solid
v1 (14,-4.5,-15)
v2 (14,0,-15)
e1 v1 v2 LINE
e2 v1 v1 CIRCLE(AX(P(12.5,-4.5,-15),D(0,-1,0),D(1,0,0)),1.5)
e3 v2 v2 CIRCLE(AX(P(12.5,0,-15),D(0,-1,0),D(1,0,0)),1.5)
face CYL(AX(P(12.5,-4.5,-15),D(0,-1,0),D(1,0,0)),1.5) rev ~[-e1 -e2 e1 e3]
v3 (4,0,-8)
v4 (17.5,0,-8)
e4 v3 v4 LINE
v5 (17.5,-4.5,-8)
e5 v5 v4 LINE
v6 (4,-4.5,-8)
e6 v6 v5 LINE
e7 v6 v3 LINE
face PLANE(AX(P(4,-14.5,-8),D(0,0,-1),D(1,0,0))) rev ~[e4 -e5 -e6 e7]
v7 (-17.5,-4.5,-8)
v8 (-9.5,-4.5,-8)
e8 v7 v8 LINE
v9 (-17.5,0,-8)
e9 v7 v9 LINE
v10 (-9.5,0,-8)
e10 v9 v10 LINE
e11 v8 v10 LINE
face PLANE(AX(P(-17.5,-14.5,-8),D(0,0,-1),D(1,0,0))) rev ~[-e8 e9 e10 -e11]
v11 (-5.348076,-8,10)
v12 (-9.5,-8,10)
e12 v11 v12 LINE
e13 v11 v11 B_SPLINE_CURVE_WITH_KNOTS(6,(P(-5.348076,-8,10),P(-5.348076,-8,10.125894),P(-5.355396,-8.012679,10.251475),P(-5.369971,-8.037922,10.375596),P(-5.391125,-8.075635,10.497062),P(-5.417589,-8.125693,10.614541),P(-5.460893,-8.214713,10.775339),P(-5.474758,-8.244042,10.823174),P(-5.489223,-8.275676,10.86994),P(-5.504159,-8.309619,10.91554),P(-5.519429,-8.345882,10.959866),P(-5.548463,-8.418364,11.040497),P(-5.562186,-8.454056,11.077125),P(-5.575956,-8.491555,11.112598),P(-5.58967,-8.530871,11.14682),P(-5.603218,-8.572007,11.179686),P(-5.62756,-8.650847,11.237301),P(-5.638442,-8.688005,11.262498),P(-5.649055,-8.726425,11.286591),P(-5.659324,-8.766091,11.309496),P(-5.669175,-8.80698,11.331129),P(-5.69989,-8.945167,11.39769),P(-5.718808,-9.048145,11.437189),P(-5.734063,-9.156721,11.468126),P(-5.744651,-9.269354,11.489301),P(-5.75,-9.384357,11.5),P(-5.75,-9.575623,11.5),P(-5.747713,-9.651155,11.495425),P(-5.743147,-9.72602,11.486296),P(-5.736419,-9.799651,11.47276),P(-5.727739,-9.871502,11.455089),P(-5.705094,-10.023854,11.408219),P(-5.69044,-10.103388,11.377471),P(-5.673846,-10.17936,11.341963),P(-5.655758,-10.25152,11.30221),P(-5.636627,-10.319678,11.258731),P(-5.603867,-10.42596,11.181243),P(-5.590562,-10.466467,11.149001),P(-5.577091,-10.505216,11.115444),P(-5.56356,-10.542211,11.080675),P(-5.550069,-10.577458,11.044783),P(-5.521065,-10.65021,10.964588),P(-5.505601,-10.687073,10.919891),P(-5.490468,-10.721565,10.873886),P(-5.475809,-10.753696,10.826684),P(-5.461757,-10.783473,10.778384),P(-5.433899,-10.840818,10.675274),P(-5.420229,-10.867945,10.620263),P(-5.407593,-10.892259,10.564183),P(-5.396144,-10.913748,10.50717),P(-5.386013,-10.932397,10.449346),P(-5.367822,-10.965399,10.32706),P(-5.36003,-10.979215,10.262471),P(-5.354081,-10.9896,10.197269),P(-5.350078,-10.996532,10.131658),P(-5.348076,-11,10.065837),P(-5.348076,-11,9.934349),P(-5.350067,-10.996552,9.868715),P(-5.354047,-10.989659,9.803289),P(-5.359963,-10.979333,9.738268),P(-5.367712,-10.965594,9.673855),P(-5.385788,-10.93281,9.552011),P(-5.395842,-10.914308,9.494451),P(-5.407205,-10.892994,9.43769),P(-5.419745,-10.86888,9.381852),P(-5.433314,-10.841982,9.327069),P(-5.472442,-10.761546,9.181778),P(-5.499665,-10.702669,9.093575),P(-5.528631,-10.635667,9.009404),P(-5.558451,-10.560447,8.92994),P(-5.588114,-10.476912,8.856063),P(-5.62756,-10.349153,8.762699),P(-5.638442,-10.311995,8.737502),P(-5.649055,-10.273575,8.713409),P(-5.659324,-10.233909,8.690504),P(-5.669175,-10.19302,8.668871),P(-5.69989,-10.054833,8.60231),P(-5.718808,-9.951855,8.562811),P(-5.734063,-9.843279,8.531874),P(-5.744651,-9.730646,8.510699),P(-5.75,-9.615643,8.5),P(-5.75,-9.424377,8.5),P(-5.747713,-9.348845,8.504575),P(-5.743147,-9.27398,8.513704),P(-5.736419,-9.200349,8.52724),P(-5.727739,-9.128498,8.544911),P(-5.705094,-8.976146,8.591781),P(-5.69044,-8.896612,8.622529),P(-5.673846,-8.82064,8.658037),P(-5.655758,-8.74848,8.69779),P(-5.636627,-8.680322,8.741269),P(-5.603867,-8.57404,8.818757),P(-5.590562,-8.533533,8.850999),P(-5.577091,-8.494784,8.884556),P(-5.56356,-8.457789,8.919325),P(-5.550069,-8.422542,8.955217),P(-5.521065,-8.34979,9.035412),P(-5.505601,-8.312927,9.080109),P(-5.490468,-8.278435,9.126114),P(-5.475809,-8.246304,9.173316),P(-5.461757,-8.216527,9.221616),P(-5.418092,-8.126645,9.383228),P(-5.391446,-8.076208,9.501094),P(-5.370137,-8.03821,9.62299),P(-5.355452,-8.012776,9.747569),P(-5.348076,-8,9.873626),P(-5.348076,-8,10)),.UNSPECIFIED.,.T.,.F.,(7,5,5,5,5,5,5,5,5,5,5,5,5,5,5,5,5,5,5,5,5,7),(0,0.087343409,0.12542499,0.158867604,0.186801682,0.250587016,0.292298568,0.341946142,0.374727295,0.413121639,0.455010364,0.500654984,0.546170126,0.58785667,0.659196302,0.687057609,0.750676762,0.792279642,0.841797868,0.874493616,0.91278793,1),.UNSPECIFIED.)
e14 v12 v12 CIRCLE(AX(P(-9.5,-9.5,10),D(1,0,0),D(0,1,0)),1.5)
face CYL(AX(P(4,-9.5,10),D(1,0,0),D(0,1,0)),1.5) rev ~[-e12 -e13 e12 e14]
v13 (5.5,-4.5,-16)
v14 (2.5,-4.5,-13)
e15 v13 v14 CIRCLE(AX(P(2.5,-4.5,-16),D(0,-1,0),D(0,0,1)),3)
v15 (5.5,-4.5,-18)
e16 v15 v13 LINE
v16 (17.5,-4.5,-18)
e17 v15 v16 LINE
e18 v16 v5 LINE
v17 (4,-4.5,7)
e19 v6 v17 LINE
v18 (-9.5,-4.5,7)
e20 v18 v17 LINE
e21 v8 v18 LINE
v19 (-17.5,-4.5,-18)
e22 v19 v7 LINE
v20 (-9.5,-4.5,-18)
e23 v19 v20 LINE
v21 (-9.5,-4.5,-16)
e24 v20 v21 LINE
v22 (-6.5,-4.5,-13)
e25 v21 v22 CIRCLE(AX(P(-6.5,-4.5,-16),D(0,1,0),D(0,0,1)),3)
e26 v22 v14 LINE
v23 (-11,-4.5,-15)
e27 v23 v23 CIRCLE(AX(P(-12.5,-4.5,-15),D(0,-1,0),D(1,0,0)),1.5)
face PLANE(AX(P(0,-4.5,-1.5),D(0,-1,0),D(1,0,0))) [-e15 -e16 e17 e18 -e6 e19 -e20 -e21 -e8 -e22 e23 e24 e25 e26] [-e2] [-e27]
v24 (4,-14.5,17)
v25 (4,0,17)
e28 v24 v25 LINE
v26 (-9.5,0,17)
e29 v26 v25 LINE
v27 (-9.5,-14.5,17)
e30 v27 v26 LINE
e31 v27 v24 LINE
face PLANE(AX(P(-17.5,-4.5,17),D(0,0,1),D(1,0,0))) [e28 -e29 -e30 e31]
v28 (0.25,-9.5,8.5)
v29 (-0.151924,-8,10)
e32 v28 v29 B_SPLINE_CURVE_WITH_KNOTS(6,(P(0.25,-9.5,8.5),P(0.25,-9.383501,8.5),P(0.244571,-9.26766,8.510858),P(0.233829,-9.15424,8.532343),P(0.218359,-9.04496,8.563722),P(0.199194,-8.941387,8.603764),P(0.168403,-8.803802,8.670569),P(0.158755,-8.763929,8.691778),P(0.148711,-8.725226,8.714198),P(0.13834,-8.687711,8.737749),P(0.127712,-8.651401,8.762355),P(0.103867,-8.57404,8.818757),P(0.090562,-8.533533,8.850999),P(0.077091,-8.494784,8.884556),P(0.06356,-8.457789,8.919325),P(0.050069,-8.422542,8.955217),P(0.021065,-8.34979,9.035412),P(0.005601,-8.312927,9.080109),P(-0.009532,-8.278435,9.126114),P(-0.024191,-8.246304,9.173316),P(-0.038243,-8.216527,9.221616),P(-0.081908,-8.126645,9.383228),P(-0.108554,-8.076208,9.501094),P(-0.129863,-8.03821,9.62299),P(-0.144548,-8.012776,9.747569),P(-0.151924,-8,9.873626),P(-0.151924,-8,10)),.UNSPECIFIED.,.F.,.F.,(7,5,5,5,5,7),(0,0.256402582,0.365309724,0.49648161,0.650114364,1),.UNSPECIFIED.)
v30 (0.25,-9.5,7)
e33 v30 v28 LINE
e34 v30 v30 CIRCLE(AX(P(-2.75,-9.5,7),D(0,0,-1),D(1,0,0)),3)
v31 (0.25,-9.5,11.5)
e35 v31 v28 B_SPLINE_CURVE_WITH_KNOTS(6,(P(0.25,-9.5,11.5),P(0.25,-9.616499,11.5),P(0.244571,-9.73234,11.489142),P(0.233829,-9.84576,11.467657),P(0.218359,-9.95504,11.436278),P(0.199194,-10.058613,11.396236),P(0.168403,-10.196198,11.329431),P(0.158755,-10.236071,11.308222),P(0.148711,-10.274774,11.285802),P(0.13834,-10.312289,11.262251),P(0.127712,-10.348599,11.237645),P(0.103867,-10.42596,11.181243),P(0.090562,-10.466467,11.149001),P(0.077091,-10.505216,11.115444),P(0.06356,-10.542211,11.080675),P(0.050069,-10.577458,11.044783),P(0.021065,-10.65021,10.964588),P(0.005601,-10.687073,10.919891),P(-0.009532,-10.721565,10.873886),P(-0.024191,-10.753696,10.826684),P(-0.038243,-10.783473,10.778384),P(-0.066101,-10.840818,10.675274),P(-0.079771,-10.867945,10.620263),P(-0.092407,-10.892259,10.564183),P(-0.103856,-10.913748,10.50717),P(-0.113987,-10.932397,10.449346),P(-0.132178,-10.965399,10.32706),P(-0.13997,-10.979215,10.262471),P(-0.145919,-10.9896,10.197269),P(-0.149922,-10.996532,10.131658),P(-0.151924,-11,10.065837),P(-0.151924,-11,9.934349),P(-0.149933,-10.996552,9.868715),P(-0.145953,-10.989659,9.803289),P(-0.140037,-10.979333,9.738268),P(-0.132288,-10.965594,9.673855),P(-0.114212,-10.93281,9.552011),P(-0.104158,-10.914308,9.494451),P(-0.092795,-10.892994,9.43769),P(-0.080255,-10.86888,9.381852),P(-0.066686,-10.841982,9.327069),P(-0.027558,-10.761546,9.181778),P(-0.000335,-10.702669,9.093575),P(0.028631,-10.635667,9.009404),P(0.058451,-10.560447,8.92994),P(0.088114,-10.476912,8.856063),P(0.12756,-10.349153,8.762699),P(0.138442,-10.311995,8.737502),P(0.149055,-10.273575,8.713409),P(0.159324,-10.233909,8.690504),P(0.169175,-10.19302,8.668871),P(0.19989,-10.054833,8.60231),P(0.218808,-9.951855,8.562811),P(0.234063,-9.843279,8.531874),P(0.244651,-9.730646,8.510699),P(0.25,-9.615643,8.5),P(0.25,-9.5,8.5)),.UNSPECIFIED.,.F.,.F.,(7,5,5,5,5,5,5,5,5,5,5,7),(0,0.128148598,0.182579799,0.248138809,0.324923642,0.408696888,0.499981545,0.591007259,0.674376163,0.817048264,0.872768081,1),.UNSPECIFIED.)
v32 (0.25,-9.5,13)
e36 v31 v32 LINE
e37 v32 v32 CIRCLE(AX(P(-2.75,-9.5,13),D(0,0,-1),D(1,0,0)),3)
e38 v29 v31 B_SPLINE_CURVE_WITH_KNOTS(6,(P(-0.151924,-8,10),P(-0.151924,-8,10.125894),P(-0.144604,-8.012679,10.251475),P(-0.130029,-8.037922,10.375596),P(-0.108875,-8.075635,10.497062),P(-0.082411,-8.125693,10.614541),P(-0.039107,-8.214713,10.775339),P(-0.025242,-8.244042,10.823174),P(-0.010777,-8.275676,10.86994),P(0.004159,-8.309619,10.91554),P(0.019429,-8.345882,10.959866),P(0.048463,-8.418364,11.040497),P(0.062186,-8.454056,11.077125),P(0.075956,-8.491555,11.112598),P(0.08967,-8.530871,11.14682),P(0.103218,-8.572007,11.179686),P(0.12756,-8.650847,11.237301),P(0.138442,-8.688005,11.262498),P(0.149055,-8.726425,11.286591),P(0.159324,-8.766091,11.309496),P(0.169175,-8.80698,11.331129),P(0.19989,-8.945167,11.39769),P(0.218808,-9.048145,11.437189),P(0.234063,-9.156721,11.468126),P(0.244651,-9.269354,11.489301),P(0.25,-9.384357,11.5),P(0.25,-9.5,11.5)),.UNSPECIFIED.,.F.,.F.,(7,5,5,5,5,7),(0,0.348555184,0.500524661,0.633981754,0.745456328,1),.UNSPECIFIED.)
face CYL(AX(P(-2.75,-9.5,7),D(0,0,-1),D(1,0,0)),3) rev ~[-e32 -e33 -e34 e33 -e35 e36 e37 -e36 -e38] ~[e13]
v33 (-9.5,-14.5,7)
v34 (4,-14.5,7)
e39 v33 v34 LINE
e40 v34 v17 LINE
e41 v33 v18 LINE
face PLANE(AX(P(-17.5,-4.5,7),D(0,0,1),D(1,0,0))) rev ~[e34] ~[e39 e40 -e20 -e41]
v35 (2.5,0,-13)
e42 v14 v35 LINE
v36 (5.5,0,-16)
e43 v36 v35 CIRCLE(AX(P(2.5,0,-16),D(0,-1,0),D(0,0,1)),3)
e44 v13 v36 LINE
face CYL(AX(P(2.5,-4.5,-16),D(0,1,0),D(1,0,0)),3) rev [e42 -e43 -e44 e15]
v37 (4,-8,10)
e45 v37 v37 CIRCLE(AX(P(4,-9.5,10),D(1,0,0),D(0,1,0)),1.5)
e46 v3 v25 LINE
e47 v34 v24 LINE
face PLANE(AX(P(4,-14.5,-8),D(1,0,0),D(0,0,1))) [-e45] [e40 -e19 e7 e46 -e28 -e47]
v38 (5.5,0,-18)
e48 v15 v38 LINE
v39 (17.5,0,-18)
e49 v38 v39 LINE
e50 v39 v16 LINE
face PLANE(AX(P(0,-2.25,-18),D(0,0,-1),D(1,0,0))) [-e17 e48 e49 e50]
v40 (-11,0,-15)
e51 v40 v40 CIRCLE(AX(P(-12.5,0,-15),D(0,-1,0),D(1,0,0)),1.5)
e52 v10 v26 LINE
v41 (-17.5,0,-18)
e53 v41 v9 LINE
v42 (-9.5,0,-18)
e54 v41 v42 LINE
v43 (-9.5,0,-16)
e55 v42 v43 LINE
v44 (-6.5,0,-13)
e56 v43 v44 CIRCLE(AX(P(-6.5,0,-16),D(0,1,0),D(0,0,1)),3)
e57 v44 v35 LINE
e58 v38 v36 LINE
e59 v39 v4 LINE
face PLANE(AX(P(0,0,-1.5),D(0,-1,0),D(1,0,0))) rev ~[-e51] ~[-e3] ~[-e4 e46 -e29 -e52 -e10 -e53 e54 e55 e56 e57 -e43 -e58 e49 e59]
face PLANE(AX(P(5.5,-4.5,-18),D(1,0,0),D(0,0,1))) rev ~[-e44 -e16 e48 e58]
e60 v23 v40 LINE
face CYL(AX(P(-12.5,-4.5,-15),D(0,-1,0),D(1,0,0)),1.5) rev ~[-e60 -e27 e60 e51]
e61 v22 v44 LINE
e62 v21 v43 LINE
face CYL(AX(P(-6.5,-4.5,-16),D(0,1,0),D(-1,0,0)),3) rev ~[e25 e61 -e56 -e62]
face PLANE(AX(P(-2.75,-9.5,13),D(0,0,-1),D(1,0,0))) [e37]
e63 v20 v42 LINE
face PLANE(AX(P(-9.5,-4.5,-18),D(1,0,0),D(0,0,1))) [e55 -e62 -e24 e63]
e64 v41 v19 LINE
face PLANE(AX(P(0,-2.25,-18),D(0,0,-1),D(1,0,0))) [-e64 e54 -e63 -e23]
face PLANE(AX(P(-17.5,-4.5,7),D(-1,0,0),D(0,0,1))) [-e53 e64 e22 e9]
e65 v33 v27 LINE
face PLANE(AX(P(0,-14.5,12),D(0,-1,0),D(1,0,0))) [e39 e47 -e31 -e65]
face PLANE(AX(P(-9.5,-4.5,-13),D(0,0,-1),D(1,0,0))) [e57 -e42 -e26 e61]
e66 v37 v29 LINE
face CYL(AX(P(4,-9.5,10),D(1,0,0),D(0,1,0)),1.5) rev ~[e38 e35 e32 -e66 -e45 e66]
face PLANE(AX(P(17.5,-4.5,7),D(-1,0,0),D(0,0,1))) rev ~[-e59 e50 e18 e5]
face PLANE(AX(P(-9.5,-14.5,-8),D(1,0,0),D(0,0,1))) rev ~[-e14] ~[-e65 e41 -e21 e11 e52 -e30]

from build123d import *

# Parameters (mm, degrees)
F0_W      = 35
F0_H      = 37
F1_DEPTH  = 4.5
F2_R      = 1.5
F3_DEPTH  = 10
F4_W      = 35
F4_H      = 10
F5_DEPTH  = 10
F6_R      = 3
F7_DEPTH  = 6
F8_W      = 35
F8_H      = 4.5
F9_DEPTH  = 2
F10_W     = 8
F10_H     = 25
F10_W_2   = 13.5
F11_DEPTH = 14.501
F12_W     = 15
F12_H     = 5
F13_DEPTH = 4.501
F14_R     = 3
F15_R     = 1.5
F16_DEPTH = 21.501


with BuildPart() as f1:
    # F0 (on Front) → F1 (new body)
    with BuildSketch(Plane.XZ):
        with Locations((0, -1.5)):
            Rectangle(F0_W, F0_H)
    extrude(amount=F1_DEPTH)

    # F2 (on face) → F3 (cut)
    with BuildSketch(Plane.XZ.offset(4.5)):
        with Locations((12.5, -15)):
            Circle(F2_R)
        with Locations((-12.5, -15)):
            Circle(F2_R)
    extrude(amount=-F3_DEPTH, mode=Mode.SUBTRACT)

    # F4 (on face) → F5 (join)
    with BuildSketch(Plane.XZ.offset(4.5)):
        with Locations((0, 12)):
            Rectangle(F4_W, F4_H)
    extrude(amount=F5_DEPTH)

    # F6 (on face) → F7 (cut)
    with BuildSketch(Plane(origin=(0, 0, 7), x_dir=(1, 0, 0), z_dir=(0, 0, -1))):
        with Locations((-2.75, 9.5)):
            Circle(F6_R)
    extrude(amount=-F7_DEPTH, mode=Mode.SUBTRACT)

    # F8 (on face) → F9 (cut)
    with BuildSketch(Plane(origin=(0, 0, -20), x_dir=(1, 0, 0), z_dir=(0, 0, -1))):
        with Locations((0, 2.25)):
            Rectangle(F8_W, F8_H)
    extrude(amount=-F9_DEPTH, mode=Mode.SUBTRACT)

    # F10 (on face) → F11 (cut, through all)
    with BuildSketch(Plane.XZ.offset(14.5)):
        with Locations((-13.5, 4.5)):
            Rectangle(F10_W, F10_H)
        with Locations((10.75, 4.5)):
            Rectangle(F10_W_2, F10_H)
    extrude(amount=-F11_DEPTH, mode=Mode.SUBTRACT)

    # F12 (on face) → F13 (cut, through all)
    with BuildSketch(Plane.XZ.offset(4.5)):
        with Locations((-2, -15.5)):
            Rectangle(F12_W, F12_H)
    extrude(amount=-F13_DEPTH, mode=Mode.SUBTRACT)

    # F14
    f14_edges = [f1.edges().sort_by_distance(p)[0] for p in [
        (5.5, -2.25, -13),
        (-9.5, -2.25, -13),
    ]]
    fillet(f14_edges, radius=F14_R)

    # F15 (on face) → F16 (cut, through all)
    with BuildSketch(Plane.YZ.offset(4)):
        with Locations((-9.5, 10)):
            Circle(F15_R)
    extrude(amount=-F16_DEPTH, mode=Mode.SUBTRACT)


solid = f1.part
